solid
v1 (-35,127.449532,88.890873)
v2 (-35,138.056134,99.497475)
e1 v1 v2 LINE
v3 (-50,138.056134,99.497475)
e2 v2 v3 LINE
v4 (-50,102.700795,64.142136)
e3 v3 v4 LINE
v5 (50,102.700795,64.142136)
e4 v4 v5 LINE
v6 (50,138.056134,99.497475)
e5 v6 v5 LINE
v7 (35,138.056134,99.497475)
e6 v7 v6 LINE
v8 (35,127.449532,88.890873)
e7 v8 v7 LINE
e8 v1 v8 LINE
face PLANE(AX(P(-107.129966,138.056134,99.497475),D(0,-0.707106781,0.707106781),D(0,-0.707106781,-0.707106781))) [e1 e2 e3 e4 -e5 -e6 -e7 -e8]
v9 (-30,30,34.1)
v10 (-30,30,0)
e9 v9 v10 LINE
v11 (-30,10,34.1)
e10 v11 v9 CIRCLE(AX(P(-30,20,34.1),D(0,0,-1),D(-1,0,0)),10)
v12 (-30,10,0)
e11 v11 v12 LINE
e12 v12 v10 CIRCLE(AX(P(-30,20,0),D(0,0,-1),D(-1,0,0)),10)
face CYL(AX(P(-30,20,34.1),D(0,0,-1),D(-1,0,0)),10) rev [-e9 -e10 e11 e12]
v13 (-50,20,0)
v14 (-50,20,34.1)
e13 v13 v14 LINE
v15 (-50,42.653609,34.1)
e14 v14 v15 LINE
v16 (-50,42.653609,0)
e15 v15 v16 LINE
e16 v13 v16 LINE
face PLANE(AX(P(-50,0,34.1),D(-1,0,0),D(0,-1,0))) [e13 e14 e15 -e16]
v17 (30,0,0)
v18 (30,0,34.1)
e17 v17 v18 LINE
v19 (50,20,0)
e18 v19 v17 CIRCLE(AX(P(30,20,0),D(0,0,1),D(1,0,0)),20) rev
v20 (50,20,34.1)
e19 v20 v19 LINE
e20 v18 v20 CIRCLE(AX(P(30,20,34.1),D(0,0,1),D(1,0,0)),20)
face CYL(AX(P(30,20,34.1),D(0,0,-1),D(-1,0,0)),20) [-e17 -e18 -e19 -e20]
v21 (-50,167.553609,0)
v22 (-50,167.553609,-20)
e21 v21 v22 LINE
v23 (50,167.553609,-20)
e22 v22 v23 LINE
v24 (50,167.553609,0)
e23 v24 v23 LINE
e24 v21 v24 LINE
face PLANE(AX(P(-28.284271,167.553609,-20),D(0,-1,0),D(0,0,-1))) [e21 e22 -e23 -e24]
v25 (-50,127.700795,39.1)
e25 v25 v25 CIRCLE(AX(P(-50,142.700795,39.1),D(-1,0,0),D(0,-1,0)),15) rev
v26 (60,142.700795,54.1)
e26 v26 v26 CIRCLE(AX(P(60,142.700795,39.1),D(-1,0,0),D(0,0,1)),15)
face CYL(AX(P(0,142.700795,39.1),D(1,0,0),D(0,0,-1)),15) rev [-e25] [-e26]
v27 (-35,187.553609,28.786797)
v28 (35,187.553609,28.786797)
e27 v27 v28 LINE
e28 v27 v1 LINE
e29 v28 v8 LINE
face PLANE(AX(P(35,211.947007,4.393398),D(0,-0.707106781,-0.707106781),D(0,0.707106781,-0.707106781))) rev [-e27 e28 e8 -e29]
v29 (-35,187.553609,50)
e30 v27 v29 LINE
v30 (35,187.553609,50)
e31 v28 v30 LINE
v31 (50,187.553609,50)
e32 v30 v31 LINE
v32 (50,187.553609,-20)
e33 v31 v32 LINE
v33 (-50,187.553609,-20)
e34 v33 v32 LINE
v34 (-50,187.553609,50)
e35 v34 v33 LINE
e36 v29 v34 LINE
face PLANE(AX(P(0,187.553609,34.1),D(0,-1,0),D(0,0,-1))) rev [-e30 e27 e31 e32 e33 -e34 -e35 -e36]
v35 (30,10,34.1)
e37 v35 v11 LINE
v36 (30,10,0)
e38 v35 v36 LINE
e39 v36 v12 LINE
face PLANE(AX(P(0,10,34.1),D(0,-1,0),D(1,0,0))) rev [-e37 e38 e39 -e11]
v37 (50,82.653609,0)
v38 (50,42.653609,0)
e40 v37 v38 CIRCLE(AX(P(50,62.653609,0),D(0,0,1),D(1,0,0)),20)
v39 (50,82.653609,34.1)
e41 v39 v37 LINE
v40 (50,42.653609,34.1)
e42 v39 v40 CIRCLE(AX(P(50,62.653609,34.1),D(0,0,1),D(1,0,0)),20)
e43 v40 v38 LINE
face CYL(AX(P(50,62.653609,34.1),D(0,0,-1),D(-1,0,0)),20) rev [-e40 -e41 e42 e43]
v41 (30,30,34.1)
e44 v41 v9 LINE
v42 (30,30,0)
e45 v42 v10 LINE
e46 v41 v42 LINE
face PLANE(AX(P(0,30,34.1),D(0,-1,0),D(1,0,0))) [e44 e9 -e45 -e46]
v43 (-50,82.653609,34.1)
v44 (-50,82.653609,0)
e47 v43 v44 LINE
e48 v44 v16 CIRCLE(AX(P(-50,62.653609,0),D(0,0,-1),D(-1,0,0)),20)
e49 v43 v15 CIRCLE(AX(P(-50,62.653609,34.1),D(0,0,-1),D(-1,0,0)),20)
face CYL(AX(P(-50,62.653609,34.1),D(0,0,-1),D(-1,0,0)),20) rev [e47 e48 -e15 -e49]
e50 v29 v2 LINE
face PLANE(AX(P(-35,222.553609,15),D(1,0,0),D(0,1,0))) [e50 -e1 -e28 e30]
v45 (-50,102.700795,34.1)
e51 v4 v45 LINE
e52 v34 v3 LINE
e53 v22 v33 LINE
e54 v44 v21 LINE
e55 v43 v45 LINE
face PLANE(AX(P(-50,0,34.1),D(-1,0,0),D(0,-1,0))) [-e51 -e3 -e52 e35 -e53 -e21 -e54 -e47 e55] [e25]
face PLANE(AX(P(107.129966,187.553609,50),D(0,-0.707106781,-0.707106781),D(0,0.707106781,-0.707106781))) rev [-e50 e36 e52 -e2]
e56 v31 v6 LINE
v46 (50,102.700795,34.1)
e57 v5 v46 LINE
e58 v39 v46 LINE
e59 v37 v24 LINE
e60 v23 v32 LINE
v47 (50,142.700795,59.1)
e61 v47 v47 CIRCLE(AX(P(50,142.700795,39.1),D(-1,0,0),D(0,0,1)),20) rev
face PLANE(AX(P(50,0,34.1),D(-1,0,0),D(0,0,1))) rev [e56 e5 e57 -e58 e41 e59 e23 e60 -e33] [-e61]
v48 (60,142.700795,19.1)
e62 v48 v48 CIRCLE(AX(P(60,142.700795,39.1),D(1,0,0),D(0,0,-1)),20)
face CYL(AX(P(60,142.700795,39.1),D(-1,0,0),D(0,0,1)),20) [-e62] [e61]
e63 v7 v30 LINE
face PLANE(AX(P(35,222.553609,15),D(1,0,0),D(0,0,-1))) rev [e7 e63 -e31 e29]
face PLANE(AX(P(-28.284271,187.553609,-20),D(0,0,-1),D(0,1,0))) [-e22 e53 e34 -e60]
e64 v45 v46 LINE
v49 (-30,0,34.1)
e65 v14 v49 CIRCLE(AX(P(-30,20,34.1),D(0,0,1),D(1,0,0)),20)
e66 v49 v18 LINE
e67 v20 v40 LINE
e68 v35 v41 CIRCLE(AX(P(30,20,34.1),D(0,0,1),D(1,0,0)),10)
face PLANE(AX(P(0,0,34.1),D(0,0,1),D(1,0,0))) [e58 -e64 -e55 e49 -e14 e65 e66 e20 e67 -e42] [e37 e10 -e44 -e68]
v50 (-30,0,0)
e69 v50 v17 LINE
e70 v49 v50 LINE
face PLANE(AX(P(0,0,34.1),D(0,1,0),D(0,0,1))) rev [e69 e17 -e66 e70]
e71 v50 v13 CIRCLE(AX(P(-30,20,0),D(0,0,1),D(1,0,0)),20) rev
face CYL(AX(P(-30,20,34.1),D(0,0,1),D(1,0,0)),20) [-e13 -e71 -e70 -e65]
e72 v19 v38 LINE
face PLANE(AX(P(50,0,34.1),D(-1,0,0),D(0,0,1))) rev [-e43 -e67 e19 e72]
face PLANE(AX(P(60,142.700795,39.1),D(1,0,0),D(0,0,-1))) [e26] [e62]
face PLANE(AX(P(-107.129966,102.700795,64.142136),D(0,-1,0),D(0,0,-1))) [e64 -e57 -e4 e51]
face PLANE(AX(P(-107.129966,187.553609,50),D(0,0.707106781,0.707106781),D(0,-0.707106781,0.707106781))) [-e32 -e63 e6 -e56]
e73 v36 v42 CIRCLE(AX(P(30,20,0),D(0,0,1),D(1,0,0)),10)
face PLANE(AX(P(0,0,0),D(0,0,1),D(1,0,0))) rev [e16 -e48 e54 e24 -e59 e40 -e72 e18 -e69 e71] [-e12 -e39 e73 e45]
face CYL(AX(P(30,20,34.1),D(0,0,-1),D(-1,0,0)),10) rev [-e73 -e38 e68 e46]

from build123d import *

# Parameters (mm, degrees)
EXTRUDE_1_DEPTH          = 34.1
FILLET_2_R               = 20
SKETCH_1_5_W             = 50
SKETCH_1_5_H             = 84.9
EXTRUDE_3_DEPTH          = 34.1
SKETCH_4_W               = 20
SKETCH_4_H               = 20
EXTRUDE_4_DEPTH          = 50
EXTRUDE_5_DEPTH          = 50
SKETCH_7_R               = 15
CUT_EXTRUDE_1_DEPTH      = 219.119470794
SKETCH_8_W               = 35
SKETCH_8_H               = 15
CUT_EXTRUDE_2_DEPTH      = 212.953207538
FILLET_2_OF_MIRROR_1_R   = 20
SKETCH_13_R              = 20
EXTRUDE_6_DEPTH          = 10
CUT_EXTRUDE_3_DEPTH      = 235.682985193
CUT_EXTRUDE_3_DEPTH_BACK = 235.682985193
SKETCH_15_R              = 15


with BuildPart() as part:
    # Эскиз1 → Бобышка-Вытянуть1 (new body)
    with BuildSketch(Plane.XY):
        with BuildLine():
            ThreePointArc((30, 10), (40, 20), (30, 30))
            Line((30, 30), (0, 30))
            Line((0, 30), (0, 102.653608526))
            Line((0, 102.653608526), (50, 102.653608526))
            Line((50, 102.653608526), (50, 82.653608526))
            ThreePointArc((50, 82.653608526), (30, 62.653608526), (50, 42.653608526))
            Line((50, 42.653608526), (50, 0))
            Line((50, 0), (0, 0))
            Line((0, 0), (0, 10))
            Line((0, 10), (30, 10))
        make_face()
    extrude_1 = extrude(amount=EXTRUDE_1_DEPTH)

    # Скругление2
    fillet_2_edges = [part.edges().sort_by_distance(p)[0] for p in [
        (50, 0, 17.05),
    ]]
    fillet(fillet_2_edges, radius=FILLET_2_R)

    # Эскиз1<5> → Бобышка-Вытянуть3 (add)
    with BuildSketch(Plane.XY):
        with Locations((25, 145.103608526)):
            Rectangle(SKETCH_1_5_W, SKETCH_1_5_H)
    extrude_3 = extrude(amount=EXTRUDE_3_DEPTH)

    # Эскиз4 → Бобышка-Вытянуть4 (add)
    with BuildSketch(Plane(origin=(50, 0, 0), x_dir=(0, 0, -1), z_dir=(1, 0, 0))):
        with Locations((10, 177.553608526)):
            Rectangle(SKETCH_4_W, SKETCH_4_H)
    extrude_4 = extrude(amount=-EXTRUDE_4_DEPTH)

    # Эскиз5 → Бобышка-Вытянуть5 (add)
    with BuildSketch(Plane(origin=(50, 0, 0), x_dir=(0, 0, -1), z_dir=(1, 0, 0))):
        Polygon((-34.1, 187.553608526), (-50, 187.553608526), (-99.497474683, 138.056133842), (-64.142135624, 102.700794783), (-34.1, 102.700794783), align=None)
    extrude_5 = extrude(amount=-EXTRUDE_5_DEPTH)

    # Эскиз7 → Вырез-Вытянуть1 (cut, symmetric)
    with BuildSketch(Plane(origin=(50, 0, 0), x_dir=(0, 0, -1), z_dir=(1, 0, 0))):
        with Locations((-39.1, 142.700794783)):
            Circle(SKETCH_7_R)
    cut_extrude_1 = extrude(amount=CUT_EXTRUDE_1_DEPTH, both=True, mode=Mode.SUBTRACT)

    # Эскиз8 → Вырез-Вытянуть2 (cut, through all)
    with BuildSketch(Plane(origin=(0, 19.27932958, -19.27932958), x_dir=(1, 0, 0), z_dir=(0, -0.7071067811865498, 0.7071067811865454))):
        with Locations((17.5, 160.475767484)):
            Rectangle(SKETCH_8_W, SKETCH_8_H)
    cut_extrude_2 = extrude(amount=-CUT_EXTRUDE_2_DEPTH, mode=Mode.SUBTRACT)

    # Зеркальное отражение1: Бобышка-Вытянуть1, Бобышка-Вытянуть3, Бобышка-Вытянуть4, Бобышка-Вытянуть5, Вырез-Вытянуть1, Вырез-Вытянуть2 across plane
    add(extrude_1.mirror(Plane(origin=(0, 0, 34.1), x_dir=(0, 0, 1), z_dir=(1, 0, 0))))
    add(extrude_3.mirror(Plane(origin=(0, 0, 34.1), x_dir=(0, 0, 1), z_dir=(1, 0, 0))))
    add(extrude_4.mirror(Plane(origin=(0, 0, 34.1), x_dir=(0, 0, 1), z_dir=(1, 0, 0))))
    add(extrude_5.mirror(Plane(origin=(0, 0, 34.1), x_dir=(0, 0, 1), z_dir=(1, 0, 0))))
    add(cut_extrude_1.mirror(Plane(origin=(0, 0, 34.1), x_dir=(0, 0, 1), z_dir=(1, 0, 0))), mode=Mode.SUBTRACT)
    add(cut_extrude_2.mirror(Plane(origin=(0, 0, 34.1), x_dir=(0, 0, 1), z_dir=(1, 0, 0))), mode=Mode.SUBTRACT)

    # Скругление2 of Зеркальное отражение1
    fillet_2_of_mirror_1_edges = [part.edges().sort_by_distance(p)[0] for p in [
        (-50, 0, 17.05),
    ]]
    fillet(fillet_2_of_mirror_1_edges, radius=FILLET_2_OF_MIRROR_1_R)

    # Эскиз13 → Бобышка-Вытянуть6 (add)
    with BuildSketch(Plane(origin=(50, 0, 0), x_dir=(0, 0, -1), z_dir=(1, 0, 0))):
        with Locations(Location((-39.1, 142.700794783, 0), (0, 0, 180))):
            Circle(SKETCH_13_R)
    extrude(amount=EXTRUDE_6_DEPTH)

    # Эскиз15 → Вырез-Вытянуть3 (cut, two sides: drawn at the far end of the back side and taken through both)
    with BuildSketch(Plane.ZY.offset(-50).offset(-CUT_EXTRUDE_3_DEPTH_BACK)):
        with Locations(Location((39.1, 142.700794783, 0), (0, 0, 270))):
            Circle(SKETCH_15_R)
    extrude(amount=CUT_EXTRUDE_3_DEPTH + CUT_EXTRUDE_3_DEPTH_BACK, mode=Mode.SUBTRACT)


solid = part.part
